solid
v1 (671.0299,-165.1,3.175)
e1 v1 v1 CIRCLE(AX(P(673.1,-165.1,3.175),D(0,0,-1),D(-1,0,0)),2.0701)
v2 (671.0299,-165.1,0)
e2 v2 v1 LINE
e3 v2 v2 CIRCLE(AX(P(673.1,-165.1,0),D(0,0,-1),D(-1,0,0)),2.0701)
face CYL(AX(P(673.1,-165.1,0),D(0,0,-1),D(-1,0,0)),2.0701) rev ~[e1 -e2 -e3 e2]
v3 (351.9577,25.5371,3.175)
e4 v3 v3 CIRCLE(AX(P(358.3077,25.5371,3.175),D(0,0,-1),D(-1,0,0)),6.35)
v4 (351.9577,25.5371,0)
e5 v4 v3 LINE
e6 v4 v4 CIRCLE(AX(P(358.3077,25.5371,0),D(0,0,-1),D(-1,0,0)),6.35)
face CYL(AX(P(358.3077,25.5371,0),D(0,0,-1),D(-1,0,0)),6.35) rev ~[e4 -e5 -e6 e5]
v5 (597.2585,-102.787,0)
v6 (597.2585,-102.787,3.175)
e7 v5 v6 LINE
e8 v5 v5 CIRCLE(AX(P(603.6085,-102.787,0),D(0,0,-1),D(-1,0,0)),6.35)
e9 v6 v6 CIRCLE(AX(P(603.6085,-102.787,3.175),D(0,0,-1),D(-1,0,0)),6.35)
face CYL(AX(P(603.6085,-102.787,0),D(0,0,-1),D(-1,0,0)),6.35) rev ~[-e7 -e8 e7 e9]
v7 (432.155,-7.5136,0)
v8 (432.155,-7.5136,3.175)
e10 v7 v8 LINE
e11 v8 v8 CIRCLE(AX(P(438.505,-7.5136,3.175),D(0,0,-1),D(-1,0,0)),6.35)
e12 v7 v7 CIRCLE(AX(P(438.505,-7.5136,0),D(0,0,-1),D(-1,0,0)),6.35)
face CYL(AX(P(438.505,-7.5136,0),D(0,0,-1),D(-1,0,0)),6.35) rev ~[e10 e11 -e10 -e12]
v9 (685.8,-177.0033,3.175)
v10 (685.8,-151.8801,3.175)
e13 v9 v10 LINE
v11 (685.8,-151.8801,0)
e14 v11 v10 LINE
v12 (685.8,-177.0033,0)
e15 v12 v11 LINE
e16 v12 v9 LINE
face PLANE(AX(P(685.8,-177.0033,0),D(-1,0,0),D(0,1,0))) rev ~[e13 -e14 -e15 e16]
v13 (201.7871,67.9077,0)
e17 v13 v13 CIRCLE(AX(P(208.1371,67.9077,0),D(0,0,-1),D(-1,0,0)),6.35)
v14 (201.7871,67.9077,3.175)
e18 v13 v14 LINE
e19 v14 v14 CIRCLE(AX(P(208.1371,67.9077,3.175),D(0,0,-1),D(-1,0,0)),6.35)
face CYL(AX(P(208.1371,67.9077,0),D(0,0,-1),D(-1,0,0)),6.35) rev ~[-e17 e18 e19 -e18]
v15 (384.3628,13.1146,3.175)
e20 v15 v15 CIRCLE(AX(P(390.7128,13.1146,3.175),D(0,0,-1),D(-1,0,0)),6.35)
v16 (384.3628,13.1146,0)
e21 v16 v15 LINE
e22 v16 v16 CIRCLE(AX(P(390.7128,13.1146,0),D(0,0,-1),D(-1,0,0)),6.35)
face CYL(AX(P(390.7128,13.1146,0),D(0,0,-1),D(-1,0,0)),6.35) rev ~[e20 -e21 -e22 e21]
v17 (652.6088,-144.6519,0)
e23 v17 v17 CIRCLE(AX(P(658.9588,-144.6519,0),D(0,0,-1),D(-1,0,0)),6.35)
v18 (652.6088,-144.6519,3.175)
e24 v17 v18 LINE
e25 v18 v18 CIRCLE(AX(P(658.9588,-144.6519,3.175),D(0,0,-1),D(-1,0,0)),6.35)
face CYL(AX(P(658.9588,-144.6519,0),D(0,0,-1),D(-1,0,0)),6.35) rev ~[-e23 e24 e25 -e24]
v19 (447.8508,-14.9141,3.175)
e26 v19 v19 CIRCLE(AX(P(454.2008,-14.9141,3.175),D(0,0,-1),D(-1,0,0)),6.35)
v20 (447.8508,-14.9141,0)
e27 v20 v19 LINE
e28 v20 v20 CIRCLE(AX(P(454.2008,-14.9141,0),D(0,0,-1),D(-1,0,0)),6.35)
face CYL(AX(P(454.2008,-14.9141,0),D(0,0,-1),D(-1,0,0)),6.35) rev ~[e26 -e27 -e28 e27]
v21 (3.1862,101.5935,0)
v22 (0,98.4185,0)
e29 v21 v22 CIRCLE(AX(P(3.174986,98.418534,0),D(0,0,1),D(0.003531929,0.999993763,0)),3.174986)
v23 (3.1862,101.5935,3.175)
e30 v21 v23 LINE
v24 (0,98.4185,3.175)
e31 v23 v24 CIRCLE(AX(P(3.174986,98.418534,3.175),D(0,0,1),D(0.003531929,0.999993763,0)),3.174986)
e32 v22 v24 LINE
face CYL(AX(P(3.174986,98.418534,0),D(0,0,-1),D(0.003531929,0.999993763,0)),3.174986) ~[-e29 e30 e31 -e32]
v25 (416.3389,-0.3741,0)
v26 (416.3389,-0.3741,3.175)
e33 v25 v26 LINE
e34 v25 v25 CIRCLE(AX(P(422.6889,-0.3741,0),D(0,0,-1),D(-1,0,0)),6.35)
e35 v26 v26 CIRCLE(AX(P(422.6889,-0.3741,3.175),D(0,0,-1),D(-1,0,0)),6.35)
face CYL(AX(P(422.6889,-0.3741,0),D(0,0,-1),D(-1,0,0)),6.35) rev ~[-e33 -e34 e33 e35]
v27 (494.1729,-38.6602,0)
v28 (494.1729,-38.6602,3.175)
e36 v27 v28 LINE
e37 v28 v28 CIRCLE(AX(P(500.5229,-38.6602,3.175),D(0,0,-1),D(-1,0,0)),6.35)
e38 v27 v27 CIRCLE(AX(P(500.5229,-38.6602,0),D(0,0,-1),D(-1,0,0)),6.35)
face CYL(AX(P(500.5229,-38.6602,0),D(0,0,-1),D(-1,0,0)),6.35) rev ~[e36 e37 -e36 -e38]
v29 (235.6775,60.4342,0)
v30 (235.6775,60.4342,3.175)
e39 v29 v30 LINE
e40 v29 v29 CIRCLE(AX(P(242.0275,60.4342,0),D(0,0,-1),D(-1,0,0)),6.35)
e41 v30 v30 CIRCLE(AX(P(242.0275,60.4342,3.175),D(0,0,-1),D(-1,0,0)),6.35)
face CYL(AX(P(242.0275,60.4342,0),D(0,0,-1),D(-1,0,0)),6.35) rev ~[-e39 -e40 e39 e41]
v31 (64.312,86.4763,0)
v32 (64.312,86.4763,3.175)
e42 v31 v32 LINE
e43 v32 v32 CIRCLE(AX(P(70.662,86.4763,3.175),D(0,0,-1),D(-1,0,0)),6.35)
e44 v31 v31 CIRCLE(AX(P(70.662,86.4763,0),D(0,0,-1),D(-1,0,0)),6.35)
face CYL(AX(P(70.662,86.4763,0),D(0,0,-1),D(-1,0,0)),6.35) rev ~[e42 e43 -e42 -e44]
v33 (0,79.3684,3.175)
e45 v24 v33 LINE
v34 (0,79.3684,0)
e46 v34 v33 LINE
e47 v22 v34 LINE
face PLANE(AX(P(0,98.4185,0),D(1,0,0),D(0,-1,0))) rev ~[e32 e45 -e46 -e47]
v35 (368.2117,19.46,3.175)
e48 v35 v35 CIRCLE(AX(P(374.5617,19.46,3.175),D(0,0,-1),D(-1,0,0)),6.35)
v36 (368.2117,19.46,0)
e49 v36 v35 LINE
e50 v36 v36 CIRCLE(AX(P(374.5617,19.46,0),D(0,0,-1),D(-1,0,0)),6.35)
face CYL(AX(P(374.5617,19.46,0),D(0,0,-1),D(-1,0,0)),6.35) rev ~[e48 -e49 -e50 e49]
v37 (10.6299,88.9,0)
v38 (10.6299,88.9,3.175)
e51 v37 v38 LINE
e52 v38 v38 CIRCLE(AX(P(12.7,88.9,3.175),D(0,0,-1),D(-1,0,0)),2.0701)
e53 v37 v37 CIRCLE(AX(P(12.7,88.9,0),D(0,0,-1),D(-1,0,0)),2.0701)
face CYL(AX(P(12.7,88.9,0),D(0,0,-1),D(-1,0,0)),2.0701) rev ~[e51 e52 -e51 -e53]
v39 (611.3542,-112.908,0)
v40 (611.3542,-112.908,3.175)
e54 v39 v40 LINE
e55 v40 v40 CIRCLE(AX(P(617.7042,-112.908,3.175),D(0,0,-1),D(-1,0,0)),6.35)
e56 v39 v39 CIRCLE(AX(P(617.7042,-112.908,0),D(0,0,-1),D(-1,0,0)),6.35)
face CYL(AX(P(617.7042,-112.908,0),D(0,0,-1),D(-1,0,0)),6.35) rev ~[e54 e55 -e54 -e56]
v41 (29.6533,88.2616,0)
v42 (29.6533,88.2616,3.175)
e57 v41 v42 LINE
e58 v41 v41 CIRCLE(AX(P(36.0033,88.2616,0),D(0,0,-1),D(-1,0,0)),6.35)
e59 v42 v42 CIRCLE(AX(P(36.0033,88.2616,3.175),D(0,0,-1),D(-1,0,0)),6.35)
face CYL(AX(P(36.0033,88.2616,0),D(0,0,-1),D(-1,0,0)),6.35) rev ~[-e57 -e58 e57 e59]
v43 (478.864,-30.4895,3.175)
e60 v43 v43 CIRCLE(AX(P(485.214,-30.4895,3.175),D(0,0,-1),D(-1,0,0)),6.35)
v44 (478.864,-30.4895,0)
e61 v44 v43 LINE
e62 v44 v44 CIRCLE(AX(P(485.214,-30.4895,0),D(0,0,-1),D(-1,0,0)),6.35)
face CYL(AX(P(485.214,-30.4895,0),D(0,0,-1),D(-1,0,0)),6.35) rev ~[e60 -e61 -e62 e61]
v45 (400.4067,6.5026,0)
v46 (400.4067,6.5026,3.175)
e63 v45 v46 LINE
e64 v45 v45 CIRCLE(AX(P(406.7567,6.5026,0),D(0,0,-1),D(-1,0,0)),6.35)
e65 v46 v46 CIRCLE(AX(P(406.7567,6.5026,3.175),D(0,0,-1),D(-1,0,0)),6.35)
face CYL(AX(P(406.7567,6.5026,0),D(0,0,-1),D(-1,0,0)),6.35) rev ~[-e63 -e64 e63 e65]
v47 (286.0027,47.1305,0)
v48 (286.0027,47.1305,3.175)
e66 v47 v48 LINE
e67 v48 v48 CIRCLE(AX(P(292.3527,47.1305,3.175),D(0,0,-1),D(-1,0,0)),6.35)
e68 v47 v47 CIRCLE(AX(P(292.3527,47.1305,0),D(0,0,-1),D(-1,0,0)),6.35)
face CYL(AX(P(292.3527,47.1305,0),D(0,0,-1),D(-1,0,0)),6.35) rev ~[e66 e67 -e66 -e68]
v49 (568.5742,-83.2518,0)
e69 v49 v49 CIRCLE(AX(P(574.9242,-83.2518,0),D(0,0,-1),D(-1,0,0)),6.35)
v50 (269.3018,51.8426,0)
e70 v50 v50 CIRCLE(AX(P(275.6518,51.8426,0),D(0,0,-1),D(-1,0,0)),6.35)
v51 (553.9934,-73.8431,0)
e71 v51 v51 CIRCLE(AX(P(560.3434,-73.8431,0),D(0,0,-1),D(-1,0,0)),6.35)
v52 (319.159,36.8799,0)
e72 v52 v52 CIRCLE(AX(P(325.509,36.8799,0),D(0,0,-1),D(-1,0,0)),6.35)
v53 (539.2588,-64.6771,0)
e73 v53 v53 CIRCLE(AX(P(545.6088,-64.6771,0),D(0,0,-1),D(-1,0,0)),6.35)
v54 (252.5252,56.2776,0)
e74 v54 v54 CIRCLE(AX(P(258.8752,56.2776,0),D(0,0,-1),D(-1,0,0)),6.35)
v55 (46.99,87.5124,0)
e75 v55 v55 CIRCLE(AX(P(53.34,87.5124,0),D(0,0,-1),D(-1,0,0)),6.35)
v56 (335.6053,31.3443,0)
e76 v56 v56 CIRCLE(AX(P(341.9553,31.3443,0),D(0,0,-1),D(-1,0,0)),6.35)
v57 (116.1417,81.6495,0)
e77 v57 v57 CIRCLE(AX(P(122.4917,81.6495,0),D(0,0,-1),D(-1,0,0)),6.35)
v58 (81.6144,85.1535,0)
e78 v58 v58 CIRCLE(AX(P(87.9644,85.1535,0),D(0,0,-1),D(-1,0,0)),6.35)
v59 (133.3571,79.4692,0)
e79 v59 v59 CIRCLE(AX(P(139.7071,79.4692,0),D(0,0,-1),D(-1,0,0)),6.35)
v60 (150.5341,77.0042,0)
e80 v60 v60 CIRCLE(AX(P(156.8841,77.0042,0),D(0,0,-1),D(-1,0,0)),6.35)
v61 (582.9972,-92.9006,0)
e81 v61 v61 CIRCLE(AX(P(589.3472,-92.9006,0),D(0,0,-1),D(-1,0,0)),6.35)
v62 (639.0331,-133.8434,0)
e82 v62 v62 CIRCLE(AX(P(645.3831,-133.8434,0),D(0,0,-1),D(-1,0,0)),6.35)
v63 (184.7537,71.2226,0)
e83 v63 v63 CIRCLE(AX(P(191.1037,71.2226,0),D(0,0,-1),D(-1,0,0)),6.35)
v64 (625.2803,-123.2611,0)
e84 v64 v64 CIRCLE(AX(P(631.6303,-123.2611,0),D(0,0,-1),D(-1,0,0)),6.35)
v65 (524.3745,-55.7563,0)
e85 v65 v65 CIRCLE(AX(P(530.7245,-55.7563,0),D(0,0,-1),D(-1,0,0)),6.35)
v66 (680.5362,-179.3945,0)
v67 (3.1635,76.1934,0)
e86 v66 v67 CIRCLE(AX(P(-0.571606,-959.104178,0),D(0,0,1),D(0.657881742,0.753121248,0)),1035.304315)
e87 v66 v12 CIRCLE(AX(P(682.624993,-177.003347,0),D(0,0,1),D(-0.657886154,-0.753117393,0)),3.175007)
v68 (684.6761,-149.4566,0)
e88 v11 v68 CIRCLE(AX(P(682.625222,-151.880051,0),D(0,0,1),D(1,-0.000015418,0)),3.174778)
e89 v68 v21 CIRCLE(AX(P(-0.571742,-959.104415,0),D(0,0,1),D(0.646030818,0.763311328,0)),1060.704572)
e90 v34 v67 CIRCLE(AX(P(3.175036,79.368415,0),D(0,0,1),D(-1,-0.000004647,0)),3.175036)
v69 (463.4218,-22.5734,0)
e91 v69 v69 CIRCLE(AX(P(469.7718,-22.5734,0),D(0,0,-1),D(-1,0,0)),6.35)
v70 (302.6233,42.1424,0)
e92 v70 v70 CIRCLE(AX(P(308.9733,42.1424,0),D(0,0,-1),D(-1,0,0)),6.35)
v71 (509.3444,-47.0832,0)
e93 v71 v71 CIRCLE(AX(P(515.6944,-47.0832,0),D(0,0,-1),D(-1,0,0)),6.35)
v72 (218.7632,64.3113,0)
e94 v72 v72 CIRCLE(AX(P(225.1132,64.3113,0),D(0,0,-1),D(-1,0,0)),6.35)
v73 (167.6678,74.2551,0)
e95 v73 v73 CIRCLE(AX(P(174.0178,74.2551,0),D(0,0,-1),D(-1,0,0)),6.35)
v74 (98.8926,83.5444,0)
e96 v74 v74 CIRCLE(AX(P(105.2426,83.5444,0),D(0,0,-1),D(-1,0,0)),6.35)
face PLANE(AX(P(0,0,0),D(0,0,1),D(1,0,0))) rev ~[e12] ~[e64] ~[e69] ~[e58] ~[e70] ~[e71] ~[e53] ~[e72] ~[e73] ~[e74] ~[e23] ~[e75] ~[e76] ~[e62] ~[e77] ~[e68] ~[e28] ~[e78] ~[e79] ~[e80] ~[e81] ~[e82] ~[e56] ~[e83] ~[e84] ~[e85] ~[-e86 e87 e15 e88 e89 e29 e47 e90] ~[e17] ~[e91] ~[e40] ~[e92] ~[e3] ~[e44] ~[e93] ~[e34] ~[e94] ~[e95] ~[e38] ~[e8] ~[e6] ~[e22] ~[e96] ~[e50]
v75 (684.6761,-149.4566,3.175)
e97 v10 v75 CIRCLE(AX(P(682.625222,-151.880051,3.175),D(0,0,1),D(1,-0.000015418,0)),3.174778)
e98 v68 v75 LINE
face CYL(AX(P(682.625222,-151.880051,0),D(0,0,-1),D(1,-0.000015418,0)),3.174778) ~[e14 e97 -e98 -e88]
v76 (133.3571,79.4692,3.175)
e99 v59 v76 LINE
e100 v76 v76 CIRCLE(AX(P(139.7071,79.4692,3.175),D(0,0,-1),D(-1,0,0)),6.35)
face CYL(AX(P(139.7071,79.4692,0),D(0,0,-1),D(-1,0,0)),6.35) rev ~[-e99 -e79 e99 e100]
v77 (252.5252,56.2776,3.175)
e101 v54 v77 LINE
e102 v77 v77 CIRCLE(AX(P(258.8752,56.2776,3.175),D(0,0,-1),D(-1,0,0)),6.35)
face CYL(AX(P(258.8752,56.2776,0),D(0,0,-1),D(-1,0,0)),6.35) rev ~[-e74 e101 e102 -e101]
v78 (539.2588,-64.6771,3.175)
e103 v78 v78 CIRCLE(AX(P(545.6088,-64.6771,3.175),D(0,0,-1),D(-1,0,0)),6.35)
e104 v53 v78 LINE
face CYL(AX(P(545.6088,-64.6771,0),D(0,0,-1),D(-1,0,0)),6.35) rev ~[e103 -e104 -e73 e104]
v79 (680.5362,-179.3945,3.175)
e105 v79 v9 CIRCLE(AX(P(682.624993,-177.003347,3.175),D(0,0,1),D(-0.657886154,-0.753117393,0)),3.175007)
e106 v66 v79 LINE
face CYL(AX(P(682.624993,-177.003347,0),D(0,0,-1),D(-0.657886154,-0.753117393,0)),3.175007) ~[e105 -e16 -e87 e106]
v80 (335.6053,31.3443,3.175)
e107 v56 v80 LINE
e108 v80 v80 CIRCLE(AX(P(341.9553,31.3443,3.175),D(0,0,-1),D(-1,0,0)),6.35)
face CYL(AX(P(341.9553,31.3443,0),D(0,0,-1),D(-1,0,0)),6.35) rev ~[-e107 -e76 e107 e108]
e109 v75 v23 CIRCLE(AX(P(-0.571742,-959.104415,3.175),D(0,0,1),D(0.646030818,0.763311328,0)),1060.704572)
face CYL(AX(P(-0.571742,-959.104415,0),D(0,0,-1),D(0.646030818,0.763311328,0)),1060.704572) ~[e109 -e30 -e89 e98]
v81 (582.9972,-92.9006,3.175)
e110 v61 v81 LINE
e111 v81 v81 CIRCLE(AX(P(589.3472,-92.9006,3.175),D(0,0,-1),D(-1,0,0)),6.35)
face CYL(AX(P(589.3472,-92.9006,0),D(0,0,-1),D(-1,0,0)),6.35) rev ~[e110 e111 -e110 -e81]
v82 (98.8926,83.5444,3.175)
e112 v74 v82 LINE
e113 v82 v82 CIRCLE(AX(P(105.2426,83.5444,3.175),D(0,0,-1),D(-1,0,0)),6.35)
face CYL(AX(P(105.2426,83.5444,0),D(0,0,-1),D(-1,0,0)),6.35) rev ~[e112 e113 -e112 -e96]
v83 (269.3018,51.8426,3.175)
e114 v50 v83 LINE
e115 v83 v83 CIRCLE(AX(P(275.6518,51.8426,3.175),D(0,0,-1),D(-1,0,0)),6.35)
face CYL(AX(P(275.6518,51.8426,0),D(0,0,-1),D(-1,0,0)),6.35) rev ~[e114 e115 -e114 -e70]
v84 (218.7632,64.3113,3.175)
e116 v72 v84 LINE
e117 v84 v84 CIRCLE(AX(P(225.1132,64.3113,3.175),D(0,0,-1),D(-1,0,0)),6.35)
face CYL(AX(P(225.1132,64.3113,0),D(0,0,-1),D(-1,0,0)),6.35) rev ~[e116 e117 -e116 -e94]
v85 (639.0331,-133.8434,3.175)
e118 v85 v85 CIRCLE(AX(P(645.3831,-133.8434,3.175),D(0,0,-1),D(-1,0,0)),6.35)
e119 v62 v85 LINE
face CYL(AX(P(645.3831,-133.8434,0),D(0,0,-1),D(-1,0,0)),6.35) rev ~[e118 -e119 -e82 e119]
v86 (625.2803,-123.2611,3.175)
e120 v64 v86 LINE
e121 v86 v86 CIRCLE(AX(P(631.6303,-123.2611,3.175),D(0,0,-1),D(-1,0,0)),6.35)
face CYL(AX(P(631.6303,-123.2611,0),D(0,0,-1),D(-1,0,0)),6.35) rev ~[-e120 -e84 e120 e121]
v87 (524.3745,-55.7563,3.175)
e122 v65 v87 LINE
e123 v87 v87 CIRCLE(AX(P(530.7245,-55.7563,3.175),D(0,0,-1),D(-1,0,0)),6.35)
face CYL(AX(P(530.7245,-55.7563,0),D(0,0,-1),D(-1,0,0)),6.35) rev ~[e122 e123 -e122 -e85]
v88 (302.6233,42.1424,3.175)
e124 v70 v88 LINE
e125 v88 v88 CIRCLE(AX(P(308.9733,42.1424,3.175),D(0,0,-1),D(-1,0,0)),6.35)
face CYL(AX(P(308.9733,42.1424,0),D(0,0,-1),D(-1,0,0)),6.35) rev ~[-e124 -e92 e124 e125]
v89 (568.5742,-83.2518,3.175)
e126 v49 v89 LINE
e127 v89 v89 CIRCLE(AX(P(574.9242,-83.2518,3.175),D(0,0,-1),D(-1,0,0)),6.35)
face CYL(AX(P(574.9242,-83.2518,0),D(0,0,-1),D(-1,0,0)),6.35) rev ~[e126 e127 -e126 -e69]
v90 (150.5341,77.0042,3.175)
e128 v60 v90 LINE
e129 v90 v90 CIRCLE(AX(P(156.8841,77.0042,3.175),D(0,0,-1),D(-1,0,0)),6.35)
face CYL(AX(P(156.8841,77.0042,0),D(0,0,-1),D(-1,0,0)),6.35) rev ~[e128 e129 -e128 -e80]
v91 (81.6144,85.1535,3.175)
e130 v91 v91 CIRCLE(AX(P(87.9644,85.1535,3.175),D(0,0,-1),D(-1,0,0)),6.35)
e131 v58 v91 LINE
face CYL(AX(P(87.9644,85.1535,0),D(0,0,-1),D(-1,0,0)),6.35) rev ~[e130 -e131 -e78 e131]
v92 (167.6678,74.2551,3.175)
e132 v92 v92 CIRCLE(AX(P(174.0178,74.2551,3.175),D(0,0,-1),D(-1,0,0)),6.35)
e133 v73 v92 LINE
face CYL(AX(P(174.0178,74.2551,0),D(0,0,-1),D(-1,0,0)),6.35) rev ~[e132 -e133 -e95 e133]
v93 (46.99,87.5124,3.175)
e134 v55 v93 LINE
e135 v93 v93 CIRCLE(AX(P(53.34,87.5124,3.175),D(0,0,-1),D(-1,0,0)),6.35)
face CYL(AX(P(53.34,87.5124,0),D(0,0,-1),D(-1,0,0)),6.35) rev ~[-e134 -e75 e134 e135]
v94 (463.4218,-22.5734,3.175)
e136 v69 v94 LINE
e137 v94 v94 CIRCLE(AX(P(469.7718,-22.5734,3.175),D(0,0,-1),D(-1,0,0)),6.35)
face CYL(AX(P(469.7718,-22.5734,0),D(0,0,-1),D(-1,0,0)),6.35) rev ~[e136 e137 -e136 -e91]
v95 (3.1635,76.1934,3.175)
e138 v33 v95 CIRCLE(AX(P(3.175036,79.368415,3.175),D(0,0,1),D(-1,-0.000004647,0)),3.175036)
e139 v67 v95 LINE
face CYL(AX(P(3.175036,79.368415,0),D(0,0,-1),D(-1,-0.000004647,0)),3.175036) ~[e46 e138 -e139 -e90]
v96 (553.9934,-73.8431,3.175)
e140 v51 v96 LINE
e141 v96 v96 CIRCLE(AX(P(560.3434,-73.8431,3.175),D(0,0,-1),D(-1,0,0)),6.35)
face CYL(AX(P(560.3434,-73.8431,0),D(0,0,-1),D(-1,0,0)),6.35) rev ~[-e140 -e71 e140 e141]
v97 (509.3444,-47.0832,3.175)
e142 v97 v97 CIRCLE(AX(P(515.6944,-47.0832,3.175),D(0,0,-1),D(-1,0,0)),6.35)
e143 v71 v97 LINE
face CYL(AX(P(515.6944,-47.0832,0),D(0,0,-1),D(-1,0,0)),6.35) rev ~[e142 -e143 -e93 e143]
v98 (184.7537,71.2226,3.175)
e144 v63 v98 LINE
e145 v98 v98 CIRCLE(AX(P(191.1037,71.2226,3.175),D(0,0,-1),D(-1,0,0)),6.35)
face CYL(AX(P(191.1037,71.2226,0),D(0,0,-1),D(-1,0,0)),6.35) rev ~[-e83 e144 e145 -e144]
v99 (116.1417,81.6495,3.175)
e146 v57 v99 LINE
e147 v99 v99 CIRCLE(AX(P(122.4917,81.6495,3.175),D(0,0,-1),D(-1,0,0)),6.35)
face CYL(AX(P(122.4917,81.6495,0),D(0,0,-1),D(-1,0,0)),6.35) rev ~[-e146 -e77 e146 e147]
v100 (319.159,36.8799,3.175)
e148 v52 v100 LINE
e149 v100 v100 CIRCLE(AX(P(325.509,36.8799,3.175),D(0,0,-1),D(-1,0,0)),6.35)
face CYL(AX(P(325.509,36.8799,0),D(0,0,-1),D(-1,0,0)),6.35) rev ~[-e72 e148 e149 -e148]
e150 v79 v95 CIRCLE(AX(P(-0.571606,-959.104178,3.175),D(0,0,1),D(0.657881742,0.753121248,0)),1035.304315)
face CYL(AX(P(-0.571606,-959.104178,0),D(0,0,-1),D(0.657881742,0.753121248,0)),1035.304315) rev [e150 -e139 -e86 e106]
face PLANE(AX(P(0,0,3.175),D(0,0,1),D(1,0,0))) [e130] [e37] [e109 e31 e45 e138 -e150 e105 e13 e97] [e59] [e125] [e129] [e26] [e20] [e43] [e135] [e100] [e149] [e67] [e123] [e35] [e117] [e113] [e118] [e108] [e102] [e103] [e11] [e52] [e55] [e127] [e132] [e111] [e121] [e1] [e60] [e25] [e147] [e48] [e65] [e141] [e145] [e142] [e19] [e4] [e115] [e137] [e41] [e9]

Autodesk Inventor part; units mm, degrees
ref_plane "YZ Plane" through (0, 0, 0) normal (1, 0, 0) x (0, 1, 0)
ref_plane "XZ Plane" through (0, 0, 0) normal (0, 1, 0) x (-1, 0, 0)
ref_plane "XY Plane" through (0, 0, 0) normal (0, 0, 1) x (1, 0, 0)
sketch "Sketch1" plane through (0, 0, 0) normal (0, 0, 1) x (1, 0, 0)
  line L0 (342.9, 44.45) -> (342.9, 717.1861) construction
  line L1 (-606.2082, 101.6) -> (1077.8216, 101.6) construction
  line L2 (-65.7713, 44.45) -> (606.7605, 44.45) construction
  line L3 (-222.4708, -127) -> (709.547, -127) construction
  arc A0 (684.6761, -149.4566) -> (3.1862, 101.5935) centre (-0.5715, -959.104) ccw
  arc A1 (680.5362, -179.3945) -> (3.1635, 76.1934) centre (-0.5715, -959.104) ccw
  line L4 (0, 98.4185) -> (0, 79.3684)
  arc A2 (3.1862, 101.5935) -> (0, 98.4185) centre (3.175, 98.4185) ccw
  arc A3 (0, 79.3684) -> (3.1635, 76.1934) centre (3.175, 79.3684) ccw
  line L5 (685.8, 390.8172) -> (685.8, -177.0033) construction
  line L6 (657.225, 88.3294) -> (657.225, -181.9974) construction
  line L7 (685.8, -177.0033) -> (685.8, -151.8801)
  arc A4 (685.8, -151.8801) -> (684.6761, -149.4566) centre (682.625, -151.8801) ccw
  arc A5 (680.5362, -179.3945) -> (685.8, -177.0033) centre (682.625, -177.0033) ccw
  point P0 (0, 0)
  point P1 (0, 101.6)
  point P2 (850.5097, -369.5996)
  point P3 (0, 76.2)
  point P4 (685.8, -184.0241)
  point P5 (657.225, -127)
  point P6 (685.8, -150.4091)
  dimension "d2" = 342.9
  dimension "d3" = 101.6
  dimension "d4" = 44.45
  dimension "d6" = 127
  dimension "d7" = 25.4
  dimension "d9" = 3.175
  dimension "d20" = 685.8
  dimension "d21" = 657.225
  dimension "d22" = 3.175
extrude "Extrusion1" add sketch "Sketch1" along normal blind 3.175
sketch "Sketch2" plane through (0, 0, 0) normal (0, 0, -1) x (-1, 0, 0)
  line L0 (0, 79.3684) -> (0, 98.4185) projected
  circle A0 centre (-12.7, 88.9) radius 2.0701
  circle A1 centre (-673.1, -165.1) radius 2.0701
  point P0 (0, 0)
  dimension "d12" = 4.1402
  dimension "d13" = 12.7
  dimension "d14" = 88.9
  dimension "d15" = 4.1402
  dimension "d17" = 165.1
  dimension "d23" = 673.1
extrude "Extrusion2" cut sketch "Sketch2" against normal blind 25.4
sketch "Sketch3" plane through (0, 0, 0) normal (0, 0, -1) x (-1, 0, 0)
  arc A0 (-3.1862, 101.5935) -> (-684.6761, -149.4566) centre (0.5715, -959.104) ccw projected
  arc A1 (-3.1635, 76.1934) -> (-680.5362, -179.3945) centre (0.5715, -959.104) ccw projected
  line L0 (0, 79.3684) -> (0, 98.4185) projected
  circle A2 centre (-36.0033, 88.2616) radius 6.35
  line L1 (-36.0033, 88.2616) -> (0.5715, -959.104) construction
  line L2 (0.5715, -959.104) -> (0.5715, -266.0692) construction
  line L3 (0.5715, -959.104) -> (-683.9382, -148.8325) construction
  circle A3 centre (-53.34, 87.5124) radius 6.35
  circle A4 centre (-70.662, 86.4763) radius 6.35
  circle A5 centre (-87.9644, 85.1535) radius 6.35
  circle A6 centre (-105.2426, 83.5444) radius 6.35
  circle A7 centre (-122.4917, 81.6495) radius 6.35
  circle A8 centre (-139.7071, 79.4692) radius 6.35
  circle A9 centre (-156.8841, 77.0042) radius 6.35
  circle A10 centre (-174.0178, 74.2551) radius 6.35
  circle A11 centre (-191.1037, 71.2226) radius 6.35
  circle A12 centre (-208.1371, 67.9077) radius 6.35
  circle A13 centre (-225.1132, 64.3113) radius 6.35
  circle A14 centre (-242.0275, 60.4342) radius 6.35
  circle A15 centre (-258.8752, 56.2776) radius 6.35
  circle A16 centre (-275.6518, 51.8426) radius 6.35
  circle A17 centre (-292.3527, 47.1305) radius 6.35
  circle A18 centre (-308.9733, 42.1424) radius 6.35
  circle A19 centre (-325.509, 36.8799) radius 6.35
  circle A20 centre (-341.9553, 31.3443) radius 6.35
  circle A21 centre (-358.3077, 25.5371) radius 6.35
  circle A22 centre (-374.5617, 19.46) radius 6.35
  circle A23 centre (-390.7128, 13.1146) radius 6.35
  circle A24 centre (-406.7567, 6.5026) radius 6.35
  circle A25 centre (-422.6889, -0.3741) radius 6.35
  circle A26 centre (-438.505, -7.5136) radius 6.35
  circle A27 centre (-454.2008, -14.9141) radius 6.35
  circle A28 centre (-469.7718, -22.5734) radius 6.35
  circle A29 centre (-485.214, -30.4895) radius 6.35
  circle A30 centre (-500.5229, -38.6602) radius 6.35
  circle A31 centre (-515.6944, -47.0832) radius 6.35
  circle A32 centre (-530.7245, -55.7563) radius 6.35
  circle A33 centre (-545.6088, -64.6771) radius 6.35
  circle A34 centre (-560.3434, -73.8431) radius 6.35
  circle A35 centre (-574.9242, -83.2518) radius 6.35
  circle A36 centre (-589.3472, -92.9006) radius 6.35
  circle A37 centre (-603.6085, -102.787) radius 6.35
  circle A38 centre (-617.7042, -112.908) radius 6.35
  circle A39 centre (-631.6303, -123.2611) radius 6.35
  circle A40 centre (-645.3831, -133.8434) radius 6.35
  circle A41 centre (-658.9588, -144.6519) radius 6.35
  point P0 (0, 0)
  dimension "d24" = 12.7
  dimension "d25" = 1048.004
  dimension "d26" = 2
  dimension "d27" = 40.191
  dimension "d30" = 37
extrude "Extrusion3" cut sketch "Sketch3" against normal blind 25.4
properties part number "Ramp" material "Aluminum 6061"
